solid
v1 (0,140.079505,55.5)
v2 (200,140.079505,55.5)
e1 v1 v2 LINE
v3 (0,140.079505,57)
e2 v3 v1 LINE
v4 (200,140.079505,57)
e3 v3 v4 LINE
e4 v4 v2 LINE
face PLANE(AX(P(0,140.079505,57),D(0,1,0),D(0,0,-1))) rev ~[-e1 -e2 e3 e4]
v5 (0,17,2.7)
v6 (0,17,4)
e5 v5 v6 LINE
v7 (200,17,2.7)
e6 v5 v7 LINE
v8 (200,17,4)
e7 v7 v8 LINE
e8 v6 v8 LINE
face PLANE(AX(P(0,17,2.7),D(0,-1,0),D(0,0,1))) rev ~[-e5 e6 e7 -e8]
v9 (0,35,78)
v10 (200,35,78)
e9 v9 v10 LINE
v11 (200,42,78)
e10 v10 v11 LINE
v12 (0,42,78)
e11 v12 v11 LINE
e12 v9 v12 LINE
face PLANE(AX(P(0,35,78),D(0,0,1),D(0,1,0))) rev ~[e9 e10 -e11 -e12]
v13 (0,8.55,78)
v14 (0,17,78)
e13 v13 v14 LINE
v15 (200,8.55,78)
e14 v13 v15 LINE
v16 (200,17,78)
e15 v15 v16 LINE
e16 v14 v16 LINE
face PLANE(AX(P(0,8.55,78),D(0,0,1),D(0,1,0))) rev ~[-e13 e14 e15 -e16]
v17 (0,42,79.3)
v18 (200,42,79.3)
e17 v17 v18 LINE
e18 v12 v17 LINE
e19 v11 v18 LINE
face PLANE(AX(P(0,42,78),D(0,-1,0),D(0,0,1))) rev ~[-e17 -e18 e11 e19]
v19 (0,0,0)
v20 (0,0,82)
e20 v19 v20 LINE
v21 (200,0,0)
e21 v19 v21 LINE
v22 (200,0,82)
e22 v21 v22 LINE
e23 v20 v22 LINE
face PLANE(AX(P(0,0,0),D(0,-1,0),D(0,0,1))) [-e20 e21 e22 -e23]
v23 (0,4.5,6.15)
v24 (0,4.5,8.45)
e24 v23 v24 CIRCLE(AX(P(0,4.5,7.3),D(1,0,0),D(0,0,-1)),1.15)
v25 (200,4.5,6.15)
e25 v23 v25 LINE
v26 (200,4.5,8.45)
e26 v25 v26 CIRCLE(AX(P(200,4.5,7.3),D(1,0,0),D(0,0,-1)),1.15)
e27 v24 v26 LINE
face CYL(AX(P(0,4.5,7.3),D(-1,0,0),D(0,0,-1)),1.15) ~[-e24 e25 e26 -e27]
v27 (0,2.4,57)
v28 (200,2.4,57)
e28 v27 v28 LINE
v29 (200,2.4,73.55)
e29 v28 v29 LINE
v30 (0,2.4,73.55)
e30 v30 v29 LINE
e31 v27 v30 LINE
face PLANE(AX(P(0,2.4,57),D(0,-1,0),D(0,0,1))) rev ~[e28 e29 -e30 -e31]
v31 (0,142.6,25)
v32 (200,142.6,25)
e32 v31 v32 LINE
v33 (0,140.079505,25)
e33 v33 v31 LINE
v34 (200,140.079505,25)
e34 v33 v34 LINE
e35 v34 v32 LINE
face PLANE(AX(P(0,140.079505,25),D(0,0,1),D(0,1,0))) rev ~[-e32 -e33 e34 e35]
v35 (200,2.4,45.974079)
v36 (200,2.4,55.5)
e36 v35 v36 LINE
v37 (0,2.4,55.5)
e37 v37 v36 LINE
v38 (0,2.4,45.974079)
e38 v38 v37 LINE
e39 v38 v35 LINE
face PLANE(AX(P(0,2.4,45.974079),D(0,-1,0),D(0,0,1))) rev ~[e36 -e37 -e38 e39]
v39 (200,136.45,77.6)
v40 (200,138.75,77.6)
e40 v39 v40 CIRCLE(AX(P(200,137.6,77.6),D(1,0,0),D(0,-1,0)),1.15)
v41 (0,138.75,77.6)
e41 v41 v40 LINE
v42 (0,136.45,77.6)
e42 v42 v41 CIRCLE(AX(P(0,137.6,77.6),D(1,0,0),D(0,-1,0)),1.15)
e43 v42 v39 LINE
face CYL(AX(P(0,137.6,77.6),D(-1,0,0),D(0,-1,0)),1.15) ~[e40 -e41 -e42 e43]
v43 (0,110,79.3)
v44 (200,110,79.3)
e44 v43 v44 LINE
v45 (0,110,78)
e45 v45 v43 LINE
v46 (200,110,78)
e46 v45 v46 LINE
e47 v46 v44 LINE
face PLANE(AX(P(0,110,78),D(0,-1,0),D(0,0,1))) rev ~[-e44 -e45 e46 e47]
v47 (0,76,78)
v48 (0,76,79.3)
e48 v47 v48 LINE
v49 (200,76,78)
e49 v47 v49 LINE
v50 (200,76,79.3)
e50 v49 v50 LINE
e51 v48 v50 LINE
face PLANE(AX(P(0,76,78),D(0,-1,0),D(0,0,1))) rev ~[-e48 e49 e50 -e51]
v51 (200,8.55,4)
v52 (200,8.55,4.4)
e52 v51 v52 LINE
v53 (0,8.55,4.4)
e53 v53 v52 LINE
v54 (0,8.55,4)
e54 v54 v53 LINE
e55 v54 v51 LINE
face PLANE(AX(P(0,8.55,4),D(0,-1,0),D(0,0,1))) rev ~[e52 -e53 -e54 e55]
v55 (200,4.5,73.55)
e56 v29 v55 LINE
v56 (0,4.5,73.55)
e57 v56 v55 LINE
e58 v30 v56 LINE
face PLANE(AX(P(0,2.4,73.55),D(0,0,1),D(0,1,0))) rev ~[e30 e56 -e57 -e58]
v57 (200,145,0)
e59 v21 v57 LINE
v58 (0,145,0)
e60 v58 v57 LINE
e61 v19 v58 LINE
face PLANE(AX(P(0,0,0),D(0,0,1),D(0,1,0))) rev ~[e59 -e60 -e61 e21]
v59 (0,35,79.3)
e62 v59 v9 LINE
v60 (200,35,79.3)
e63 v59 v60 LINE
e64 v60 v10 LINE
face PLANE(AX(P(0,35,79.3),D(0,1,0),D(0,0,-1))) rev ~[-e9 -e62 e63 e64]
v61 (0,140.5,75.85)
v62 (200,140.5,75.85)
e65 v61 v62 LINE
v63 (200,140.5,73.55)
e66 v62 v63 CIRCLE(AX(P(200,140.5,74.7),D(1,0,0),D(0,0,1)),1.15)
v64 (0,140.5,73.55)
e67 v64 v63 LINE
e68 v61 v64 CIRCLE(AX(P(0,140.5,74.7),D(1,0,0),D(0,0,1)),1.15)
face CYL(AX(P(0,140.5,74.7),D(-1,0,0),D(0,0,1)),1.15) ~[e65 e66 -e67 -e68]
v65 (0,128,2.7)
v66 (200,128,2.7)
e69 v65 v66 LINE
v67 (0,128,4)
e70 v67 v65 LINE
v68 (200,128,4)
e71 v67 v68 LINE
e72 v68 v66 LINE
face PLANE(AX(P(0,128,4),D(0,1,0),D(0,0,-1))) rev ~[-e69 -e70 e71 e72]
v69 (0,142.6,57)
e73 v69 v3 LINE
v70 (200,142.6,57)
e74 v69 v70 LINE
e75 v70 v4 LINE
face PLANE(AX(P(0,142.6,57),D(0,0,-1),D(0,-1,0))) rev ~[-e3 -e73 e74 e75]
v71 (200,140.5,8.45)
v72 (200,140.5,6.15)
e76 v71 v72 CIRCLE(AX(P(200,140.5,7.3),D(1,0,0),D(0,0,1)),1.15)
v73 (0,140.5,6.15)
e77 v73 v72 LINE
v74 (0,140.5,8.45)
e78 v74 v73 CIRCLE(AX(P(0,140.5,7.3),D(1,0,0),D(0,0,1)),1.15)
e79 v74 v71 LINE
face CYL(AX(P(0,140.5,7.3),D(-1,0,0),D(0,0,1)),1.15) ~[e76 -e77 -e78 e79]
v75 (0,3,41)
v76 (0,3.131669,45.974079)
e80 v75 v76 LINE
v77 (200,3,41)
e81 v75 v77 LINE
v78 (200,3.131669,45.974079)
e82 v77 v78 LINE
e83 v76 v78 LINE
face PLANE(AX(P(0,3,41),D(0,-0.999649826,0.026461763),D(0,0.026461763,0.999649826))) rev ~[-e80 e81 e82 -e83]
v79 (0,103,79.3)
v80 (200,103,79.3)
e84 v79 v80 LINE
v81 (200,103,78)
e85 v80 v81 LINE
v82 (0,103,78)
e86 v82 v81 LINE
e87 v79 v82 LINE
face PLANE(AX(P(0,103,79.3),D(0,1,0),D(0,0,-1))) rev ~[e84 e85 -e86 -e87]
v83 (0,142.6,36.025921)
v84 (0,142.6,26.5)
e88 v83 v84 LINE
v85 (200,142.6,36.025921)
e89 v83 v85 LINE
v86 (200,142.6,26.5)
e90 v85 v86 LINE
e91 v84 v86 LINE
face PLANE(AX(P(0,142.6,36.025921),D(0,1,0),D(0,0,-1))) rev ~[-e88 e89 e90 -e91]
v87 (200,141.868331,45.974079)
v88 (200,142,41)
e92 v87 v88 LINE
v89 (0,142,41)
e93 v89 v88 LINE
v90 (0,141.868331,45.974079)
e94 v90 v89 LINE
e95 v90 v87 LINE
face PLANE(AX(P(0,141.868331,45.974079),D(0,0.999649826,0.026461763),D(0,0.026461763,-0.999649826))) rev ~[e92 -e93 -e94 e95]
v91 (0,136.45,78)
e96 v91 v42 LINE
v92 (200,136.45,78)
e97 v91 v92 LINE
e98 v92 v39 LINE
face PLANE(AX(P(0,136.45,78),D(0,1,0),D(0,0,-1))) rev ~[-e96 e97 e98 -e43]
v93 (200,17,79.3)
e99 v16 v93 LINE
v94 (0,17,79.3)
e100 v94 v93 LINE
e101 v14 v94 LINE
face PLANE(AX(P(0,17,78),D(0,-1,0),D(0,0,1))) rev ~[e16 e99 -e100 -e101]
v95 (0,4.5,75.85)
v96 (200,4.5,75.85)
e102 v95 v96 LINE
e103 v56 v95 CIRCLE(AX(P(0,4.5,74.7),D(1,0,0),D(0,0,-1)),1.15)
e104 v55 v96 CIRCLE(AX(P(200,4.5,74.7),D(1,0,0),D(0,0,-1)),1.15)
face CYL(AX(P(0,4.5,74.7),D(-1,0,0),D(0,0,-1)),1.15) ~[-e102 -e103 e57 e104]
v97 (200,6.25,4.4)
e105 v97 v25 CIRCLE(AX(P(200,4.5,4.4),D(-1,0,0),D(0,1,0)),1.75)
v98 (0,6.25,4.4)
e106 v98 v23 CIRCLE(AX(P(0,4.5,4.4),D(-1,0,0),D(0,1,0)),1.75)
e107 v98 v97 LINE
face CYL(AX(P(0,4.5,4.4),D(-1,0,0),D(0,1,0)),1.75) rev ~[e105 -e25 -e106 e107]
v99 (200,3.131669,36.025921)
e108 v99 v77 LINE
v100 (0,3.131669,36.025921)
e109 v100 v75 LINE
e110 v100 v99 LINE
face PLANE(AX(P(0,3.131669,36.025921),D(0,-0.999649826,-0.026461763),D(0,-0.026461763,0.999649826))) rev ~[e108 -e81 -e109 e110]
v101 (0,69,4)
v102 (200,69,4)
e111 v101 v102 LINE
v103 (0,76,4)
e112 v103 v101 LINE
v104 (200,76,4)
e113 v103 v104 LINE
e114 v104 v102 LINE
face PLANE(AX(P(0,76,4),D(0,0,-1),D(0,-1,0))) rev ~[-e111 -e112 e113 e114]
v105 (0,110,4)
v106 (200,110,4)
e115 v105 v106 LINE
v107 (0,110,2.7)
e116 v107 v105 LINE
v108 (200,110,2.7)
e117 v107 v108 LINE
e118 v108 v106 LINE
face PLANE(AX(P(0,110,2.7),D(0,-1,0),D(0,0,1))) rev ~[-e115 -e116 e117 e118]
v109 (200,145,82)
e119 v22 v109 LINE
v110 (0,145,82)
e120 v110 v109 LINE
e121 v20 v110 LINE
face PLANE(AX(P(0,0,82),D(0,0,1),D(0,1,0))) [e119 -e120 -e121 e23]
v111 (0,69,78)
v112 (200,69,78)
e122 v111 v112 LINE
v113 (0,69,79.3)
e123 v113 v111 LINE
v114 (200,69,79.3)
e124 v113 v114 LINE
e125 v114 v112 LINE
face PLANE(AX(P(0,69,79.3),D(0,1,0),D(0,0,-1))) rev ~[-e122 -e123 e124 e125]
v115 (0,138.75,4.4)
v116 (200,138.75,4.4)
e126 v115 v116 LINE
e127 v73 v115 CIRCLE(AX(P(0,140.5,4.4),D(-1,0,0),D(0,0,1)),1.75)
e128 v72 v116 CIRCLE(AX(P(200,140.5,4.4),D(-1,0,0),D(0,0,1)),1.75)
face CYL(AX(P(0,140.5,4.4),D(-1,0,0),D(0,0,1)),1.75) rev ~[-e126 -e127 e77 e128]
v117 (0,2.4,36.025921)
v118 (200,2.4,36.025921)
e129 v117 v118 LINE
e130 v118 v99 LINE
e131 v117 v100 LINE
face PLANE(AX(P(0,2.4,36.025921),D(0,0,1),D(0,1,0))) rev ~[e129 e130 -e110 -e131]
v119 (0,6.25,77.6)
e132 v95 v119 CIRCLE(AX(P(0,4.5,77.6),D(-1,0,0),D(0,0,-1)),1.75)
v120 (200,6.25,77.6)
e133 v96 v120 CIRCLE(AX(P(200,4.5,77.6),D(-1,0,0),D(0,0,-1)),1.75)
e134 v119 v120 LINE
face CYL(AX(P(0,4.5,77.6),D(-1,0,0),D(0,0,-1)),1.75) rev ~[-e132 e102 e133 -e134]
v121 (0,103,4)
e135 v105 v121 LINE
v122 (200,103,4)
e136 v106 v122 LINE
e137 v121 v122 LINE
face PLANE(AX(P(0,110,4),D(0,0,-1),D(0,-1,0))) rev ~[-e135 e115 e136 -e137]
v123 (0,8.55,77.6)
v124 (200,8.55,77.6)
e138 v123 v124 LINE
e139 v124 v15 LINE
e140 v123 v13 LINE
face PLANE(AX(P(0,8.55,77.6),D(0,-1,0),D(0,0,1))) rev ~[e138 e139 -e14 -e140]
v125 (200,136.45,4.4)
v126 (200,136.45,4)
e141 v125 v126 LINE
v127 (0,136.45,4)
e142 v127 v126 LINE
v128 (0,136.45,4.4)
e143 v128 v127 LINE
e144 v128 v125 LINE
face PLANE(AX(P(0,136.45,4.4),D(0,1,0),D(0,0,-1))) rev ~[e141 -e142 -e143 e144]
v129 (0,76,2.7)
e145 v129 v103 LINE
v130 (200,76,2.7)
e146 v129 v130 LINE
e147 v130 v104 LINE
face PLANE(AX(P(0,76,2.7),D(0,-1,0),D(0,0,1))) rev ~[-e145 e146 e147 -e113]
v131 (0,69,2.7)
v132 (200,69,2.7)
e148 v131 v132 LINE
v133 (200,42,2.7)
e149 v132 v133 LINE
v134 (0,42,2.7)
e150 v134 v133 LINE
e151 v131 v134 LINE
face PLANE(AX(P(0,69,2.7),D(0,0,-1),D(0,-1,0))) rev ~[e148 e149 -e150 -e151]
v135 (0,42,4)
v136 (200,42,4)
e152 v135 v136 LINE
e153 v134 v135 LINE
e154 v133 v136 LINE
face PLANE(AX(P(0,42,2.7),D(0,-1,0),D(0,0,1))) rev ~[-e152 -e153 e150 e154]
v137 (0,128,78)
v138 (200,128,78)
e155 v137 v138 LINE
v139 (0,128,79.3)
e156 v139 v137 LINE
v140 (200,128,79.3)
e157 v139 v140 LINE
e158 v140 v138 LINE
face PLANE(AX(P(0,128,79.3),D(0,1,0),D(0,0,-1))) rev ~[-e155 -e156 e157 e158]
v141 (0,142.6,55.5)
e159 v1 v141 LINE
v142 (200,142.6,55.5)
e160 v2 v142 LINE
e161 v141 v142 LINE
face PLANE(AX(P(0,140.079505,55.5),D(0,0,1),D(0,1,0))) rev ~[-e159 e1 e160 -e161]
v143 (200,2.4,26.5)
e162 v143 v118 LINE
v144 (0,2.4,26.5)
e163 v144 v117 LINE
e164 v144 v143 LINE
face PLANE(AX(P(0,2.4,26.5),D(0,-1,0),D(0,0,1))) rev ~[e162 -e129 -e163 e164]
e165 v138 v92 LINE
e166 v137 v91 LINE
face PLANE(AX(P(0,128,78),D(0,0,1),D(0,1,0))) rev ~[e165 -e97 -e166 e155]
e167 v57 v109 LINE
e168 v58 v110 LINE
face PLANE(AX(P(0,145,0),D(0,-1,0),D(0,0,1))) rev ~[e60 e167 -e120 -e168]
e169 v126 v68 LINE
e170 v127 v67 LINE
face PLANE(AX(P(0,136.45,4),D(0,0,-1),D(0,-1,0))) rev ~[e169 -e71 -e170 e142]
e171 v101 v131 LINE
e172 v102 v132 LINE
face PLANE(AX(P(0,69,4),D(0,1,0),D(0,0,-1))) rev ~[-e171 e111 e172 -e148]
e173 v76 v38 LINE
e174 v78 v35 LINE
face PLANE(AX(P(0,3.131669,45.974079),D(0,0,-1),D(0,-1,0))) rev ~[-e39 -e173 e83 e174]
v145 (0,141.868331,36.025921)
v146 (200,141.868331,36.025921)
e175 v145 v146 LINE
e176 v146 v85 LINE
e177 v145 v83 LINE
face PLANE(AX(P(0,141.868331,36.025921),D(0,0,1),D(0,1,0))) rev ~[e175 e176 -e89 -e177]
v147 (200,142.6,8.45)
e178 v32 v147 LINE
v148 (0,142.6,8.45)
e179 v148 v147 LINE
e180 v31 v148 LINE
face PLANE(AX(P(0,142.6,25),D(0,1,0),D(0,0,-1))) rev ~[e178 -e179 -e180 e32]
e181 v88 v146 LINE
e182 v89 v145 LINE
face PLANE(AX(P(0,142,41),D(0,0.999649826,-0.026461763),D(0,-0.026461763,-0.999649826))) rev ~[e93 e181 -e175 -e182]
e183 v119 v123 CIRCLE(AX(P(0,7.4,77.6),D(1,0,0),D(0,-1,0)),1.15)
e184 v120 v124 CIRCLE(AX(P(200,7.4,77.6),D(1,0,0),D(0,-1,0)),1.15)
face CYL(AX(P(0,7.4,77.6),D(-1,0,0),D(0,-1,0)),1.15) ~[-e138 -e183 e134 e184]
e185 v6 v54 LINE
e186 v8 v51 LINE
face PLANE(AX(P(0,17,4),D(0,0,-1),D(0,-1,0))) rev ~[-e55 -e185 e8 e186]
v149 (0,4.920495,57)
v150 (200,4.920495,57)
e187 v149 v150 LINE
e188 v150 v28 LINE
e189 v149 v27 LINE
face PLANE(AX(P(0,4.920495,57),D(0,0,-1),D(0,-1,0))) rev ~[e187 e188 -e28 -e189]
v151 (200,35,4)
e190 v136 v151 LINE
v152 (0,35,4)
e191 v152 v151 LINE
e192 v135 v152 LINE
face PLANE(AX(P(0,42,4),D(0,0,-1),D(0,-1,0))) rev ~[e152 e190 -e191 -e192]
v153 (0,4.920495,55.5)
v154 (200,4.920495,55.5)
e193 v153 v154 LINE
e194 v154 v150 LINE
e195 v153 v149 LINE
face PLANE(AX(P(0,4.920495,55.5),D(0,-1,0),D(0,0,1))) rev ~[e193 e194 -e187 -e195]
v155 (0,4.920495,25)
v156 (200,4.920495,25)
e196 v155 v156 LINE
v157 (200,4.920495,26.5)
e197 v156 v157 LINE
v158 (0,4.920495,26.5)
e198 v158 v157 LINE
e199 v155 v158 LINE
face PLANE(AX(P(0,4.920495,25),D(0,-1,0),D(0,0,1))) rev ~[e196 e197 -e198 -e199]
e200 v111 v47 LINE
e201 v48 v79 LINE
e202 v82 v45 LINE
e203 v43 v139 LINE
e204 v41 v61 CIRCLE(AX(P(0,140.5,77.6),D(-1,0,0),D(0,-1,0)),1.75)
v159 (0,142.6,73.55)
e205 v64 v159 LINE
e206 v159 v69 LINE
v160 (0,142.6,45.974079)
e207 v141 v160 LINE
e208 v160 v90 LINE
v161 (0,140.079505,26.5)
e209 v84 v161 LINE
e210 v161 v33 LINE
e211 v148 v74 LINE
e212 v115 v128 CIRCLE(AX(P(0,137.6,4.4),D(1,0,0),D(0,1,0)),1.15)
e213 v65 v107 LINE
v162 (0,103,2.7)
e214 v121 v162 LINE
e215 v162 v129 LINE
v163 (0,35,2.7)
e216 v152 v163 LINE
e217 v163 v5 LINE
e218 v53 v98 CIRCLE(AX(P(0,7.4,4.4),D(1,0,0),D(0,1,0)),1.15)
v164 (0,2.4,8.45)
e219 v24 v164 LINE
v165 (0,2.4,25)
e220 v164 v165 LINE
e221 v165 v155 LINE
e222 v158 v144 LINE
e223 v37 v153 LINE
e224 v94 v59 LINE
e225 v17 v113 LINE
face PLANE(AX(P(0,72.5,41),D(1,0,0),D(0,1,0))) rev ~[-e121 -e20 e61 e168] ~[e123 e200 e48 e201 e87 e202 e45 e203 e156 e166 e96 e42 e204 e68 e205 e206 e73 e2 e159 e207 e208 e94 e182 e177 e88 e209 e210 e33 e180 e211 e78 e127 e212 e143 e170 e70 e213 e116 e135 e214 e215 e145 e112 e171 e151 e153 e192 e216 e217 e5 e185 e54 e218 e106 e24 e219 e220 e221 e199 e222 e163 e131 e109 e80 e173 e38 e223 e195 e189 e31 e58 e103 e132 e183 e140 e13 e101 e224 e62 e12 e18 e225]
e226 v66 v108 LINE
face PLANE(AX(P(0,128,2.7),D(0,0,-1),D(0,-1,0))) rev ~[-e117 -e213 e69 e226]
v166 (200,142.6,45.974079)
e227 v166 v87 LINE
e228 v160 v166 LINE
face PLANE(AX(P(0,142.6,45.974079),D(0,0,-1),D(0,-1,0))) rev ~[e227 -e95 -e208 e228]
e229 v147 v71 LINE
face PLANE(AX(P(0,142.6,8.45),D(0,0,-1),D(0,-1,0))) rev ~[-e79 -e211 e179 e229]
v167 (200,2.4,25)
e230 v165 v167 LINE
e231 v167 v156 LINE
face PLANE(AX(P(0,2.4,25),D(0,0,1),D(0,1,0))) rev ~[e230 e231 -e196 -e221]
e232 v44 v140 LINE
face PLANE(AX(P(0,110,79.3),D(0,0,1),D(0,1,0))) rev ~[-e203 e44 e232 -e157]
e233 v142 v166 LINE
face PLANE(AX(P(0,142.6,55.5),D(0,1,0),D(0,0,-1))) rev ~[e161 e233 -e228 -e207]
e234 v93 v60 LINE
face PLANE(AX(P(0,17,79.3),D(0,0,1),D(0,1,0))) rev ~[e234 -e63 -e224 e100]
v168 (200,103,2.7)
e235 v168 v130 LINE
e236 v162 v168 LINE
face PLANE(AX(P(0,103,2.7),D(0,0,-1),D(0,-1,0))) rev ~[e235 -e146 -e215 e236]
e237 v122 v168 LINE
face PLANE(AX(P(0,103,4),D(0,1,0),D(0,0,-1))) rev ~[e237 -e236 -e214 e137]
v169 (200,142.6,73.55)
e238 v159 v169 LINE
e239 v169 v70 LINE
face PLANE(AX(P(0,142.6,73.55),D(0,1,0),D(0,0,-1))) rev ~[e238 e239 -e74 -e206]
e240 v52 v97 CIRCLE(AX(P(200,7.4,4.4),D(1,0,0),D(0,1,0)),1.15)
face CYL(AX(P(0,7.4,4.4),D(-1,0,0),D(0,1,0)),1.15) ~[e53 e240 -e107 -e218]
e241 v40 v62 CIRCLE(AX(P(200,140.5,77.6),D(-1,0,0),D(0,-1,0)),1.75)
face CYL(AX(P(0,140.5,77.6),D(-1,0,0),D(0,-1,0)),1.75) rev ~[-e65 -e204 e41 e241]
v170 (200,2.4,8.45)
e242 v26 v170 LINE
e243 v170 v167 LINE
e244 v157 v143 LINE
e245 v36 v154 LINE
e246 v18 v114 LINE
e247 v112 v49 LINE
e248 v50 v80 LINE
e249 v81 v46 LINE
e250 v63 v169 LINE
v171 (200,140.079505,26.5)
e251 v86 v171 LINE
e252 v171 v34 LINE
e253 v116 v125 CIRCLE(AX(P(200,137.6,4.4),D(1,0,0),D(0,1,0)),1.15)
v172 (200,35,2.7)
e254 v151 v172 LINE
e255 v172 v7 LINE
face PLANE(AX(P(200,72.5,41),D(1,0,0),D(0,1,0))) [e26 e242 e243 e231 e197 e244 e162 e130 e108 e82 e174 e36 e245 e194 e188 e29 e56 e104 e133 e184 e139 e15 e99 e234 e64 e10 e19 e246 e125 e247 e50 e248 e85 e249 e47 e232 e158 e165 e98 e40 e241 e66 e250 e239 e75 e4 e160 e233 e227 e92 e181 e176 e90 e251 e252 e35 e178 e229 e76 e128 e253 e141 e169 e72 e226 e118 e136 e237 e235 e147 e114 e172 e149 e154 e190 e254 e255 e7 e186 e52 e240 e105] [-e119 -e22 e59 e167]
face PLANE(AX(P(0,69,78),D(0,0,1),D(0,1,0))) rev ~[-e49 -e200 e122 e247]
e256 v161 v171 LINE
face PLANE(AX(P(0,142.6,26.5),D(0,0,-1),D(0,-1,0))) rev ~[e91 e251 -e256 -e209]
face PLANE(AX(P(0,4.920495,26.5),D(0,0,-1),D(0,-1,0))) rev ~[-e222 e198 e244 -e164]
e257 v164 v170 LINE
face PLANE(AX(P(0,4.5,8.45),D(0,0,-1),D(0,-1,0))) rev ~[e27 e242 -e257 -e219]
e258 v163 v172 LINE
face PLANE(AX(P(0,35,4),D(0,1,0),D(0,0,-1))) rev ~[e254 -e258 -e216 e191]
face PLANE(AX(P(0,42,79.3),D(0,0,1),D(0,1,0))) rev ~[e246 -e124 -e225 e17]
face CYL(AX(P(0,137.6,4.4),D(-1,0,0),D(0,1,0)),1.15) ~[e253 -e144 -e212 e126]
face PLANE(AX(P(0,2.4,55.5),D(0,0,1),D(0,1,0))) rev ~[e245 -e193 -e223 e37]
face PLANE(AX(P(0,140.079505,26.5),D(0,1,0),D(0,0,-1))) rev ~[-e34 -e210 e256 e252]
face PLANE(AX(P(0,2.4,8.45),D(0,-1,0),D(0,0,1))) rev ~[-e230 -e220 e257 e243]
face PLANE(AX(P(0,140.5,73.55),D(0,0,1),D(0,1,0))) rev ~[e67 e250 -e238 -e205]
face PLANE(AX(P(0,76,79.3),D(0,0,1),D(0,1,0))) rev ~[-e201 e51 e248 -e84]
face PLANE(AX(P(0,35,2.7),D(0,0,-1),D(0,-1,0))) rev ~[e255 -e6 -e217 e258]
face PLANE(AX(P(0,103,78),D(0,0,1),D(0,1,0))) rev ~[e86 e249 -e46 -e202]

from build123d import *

# Parameters (mm, degrees)
F0_W     = 145
F0_H     = 82
F1_DEPTH = 200


with BuildPart() as f1:
    # F0 (on Right) → F1 (new body)
    with BuildSketch(Plane.YZ):
        with Locations((72.5, 41)):
            Rectangle(F0_W, F0_H)
        with BuildLine():
            Line((69, 78), (72.5, 78))
            Line((72.5, 78), (76, 78))
            Line((76, 78), (76, 79.3))
            Line((76, 79.3), (103, 79.3))
            Line((103, 79.3), (103, 78))
            Line((103, 78), (110, 78))
            Line((110, 78), (110, 79.3))
            Line((110, 79.3), (128, 79.3))
            Line((128, 79.3), (128, 78))
            Line((128, 78), (136.45, 78))
            Line((136.45, 78), (136.45, 77.6))
            ThreePointArc((136.45, 77.6), (137.6, 76.45), (138.75, 77.6))
            ThreePointArc((138.75, 77.6), (141.7374368671, 78.8374368671), (140.5, 75.85))
            ThreePointArc((140.5, 75.85), (139.35, 74.7), (140.5, 73.55))
            Line((140.5, 73.55), (142.6, 73.55))
            Line((142.6, 73.55), (142.6, 57))
            Line((142.6, 57), (140.0795047916, 57))
            Line((140.0795047916, 57), (140.0795047916, 55.5))
            Line((140.0795047916, 55.5), (142.6, 55.5))
            Line((142.6, 55.5), (142.6, 45.9740793705))
            Line((142.6, 45.9740793705), (141.8683309853, 45.9740793705))
            Line((141.8683309853, 45.9740793705), (142, 41))
            Line((142, 41), (141.8683309853, 36.0259206295))
            Line((141.8683309853, 36.0259206295), (142.6, 36.0259206295))
            Line((142.6, 36.0259206295), (142.6, 26.5))
            Line((142.6, 26.5), (140.0795047916, 26.5))
            Line((140.0795047916, 26.5), (140.0795047916, 25))
            Line((140.0795047916, 25), (142.6, 25))
            Line((142.6, 25), (142.6, 8.45))
            Line((142.6, 8.45), (140.5, 8.45))
            ThreePointArc((140.5, 8.45), (139.35, 7.3), (140.5, 6.15))
            ThreePointArc((140.5, 6.15), (141.7374368671, 3.1625631329), (138.75, 4.4))
            ThreePointArc((138.75, 4.4), (137.6, 5.55), (136.45, 4.4))
            Line((136.45, 4.4), (136.45, 4))
            Line((136.45, 4), (128, 4))
            Line((128, 4), (128, 2.7))
            Line((128, 2.7), (110, 2.7))
            Line((110, 2.7), (110, 4))
            Line((110, 4), (103, 4))
            Line((103, 4), (103, 2.7))
            Line((103, 2.7), (76, 2.7))
            Line((76, 2.7), (76, 4))
            Line((76, 4), (72.5, 4))
            Line((72.5, 4), (69, 4))
            Line((69, 4), (69, 2.7))
            Line((69, 2.7), (42, 2.7))
            Line((42, 2.7), (42, 4))
            Line((42, 4), (35, 4))
            Line((35, 4), (35, 2.7))
            Line((35, 2.7), (17, 2.7))
            Line((17, 2.7), (17, 4))
            Line((17, 4), (8.55, 4))
            Line((8.55, 4), (8.55, 4.4))
            ThreePointArc((8.55, 4.4), (7.4, 5.55), (6.25, 4.4))
            ThreePointArc((6.25, 4.4), (3.2625631329, 3.1625631329), (4.5, 6.15))
            ThreePointArc((4.5, 6.15), (5.65, 7.3), (4.5, 8.45))
            Line((4.5, 8.45), (2.4, 8.45))
            Line((2.4, 8.45), (2.4, 25))
            Line((2.4, 25), (4.9204952084, 25))
            Line((4.9204952084, 25), (4.9204952084, 26.5))
            Line((4.9204952084, 26.5), (2.4, 26.5))
            Line((2.4, 26.5), (2.4, 36.0259206295))
            Line((2.4, 36.0259206295), (3.1316690147, 36.0259206295))
            Line((3.1316690147, 36.0259206295), (3, 41))
            Line((3, 41), (3.1316690147, 45.9740793705))
            Line((3.1316690147, 45.9740793705), (2.4, 45.9740793705))
            Line((2.4, 45.9740793705), (2.4, 55.5))
            Line((2.4, 55.5), (4.9204952084, 55.5))
            Line((4.9204952084, 55.5), (4.9204952084, 57))
            Line((4.9204952084, 57), (2.4, 57))
            Line((2.4, 57), (2.4, 73.55))
            Line((2.4, 73.55), (4.5, 73.55))
            ThreePointArc((4.5, 73.55), (5.65, 74.7), (4.5, 75.85))
            ThreePointArc((4.5, 75.85), (3.2625631329, 78.8374368671), (6.25, 77.6))
            ThreePointArc((6.25, 77.6), (7.4, 76.45), (8.55, 77.6))
            Line((8.55, 77.6), (8.55, 78))
            Line((8.55, 78), (17, 78))
            Line((17, 78), (17, 79.3))
            Line((17, 79.3), (35, 79.3))
            Line((35, 79.3), (35, 78))
            Line((35, 78), (42, 78))
            Line((42, 78), (42, 79.3))
            Line((42, 79.3), (69, 79.3))
            Line((69, 79.3), (69, 78))
        make_face(mode=Mode.SUBTRACT)
    extrude(amount=F1_DEPTH)


solid = f1.part
